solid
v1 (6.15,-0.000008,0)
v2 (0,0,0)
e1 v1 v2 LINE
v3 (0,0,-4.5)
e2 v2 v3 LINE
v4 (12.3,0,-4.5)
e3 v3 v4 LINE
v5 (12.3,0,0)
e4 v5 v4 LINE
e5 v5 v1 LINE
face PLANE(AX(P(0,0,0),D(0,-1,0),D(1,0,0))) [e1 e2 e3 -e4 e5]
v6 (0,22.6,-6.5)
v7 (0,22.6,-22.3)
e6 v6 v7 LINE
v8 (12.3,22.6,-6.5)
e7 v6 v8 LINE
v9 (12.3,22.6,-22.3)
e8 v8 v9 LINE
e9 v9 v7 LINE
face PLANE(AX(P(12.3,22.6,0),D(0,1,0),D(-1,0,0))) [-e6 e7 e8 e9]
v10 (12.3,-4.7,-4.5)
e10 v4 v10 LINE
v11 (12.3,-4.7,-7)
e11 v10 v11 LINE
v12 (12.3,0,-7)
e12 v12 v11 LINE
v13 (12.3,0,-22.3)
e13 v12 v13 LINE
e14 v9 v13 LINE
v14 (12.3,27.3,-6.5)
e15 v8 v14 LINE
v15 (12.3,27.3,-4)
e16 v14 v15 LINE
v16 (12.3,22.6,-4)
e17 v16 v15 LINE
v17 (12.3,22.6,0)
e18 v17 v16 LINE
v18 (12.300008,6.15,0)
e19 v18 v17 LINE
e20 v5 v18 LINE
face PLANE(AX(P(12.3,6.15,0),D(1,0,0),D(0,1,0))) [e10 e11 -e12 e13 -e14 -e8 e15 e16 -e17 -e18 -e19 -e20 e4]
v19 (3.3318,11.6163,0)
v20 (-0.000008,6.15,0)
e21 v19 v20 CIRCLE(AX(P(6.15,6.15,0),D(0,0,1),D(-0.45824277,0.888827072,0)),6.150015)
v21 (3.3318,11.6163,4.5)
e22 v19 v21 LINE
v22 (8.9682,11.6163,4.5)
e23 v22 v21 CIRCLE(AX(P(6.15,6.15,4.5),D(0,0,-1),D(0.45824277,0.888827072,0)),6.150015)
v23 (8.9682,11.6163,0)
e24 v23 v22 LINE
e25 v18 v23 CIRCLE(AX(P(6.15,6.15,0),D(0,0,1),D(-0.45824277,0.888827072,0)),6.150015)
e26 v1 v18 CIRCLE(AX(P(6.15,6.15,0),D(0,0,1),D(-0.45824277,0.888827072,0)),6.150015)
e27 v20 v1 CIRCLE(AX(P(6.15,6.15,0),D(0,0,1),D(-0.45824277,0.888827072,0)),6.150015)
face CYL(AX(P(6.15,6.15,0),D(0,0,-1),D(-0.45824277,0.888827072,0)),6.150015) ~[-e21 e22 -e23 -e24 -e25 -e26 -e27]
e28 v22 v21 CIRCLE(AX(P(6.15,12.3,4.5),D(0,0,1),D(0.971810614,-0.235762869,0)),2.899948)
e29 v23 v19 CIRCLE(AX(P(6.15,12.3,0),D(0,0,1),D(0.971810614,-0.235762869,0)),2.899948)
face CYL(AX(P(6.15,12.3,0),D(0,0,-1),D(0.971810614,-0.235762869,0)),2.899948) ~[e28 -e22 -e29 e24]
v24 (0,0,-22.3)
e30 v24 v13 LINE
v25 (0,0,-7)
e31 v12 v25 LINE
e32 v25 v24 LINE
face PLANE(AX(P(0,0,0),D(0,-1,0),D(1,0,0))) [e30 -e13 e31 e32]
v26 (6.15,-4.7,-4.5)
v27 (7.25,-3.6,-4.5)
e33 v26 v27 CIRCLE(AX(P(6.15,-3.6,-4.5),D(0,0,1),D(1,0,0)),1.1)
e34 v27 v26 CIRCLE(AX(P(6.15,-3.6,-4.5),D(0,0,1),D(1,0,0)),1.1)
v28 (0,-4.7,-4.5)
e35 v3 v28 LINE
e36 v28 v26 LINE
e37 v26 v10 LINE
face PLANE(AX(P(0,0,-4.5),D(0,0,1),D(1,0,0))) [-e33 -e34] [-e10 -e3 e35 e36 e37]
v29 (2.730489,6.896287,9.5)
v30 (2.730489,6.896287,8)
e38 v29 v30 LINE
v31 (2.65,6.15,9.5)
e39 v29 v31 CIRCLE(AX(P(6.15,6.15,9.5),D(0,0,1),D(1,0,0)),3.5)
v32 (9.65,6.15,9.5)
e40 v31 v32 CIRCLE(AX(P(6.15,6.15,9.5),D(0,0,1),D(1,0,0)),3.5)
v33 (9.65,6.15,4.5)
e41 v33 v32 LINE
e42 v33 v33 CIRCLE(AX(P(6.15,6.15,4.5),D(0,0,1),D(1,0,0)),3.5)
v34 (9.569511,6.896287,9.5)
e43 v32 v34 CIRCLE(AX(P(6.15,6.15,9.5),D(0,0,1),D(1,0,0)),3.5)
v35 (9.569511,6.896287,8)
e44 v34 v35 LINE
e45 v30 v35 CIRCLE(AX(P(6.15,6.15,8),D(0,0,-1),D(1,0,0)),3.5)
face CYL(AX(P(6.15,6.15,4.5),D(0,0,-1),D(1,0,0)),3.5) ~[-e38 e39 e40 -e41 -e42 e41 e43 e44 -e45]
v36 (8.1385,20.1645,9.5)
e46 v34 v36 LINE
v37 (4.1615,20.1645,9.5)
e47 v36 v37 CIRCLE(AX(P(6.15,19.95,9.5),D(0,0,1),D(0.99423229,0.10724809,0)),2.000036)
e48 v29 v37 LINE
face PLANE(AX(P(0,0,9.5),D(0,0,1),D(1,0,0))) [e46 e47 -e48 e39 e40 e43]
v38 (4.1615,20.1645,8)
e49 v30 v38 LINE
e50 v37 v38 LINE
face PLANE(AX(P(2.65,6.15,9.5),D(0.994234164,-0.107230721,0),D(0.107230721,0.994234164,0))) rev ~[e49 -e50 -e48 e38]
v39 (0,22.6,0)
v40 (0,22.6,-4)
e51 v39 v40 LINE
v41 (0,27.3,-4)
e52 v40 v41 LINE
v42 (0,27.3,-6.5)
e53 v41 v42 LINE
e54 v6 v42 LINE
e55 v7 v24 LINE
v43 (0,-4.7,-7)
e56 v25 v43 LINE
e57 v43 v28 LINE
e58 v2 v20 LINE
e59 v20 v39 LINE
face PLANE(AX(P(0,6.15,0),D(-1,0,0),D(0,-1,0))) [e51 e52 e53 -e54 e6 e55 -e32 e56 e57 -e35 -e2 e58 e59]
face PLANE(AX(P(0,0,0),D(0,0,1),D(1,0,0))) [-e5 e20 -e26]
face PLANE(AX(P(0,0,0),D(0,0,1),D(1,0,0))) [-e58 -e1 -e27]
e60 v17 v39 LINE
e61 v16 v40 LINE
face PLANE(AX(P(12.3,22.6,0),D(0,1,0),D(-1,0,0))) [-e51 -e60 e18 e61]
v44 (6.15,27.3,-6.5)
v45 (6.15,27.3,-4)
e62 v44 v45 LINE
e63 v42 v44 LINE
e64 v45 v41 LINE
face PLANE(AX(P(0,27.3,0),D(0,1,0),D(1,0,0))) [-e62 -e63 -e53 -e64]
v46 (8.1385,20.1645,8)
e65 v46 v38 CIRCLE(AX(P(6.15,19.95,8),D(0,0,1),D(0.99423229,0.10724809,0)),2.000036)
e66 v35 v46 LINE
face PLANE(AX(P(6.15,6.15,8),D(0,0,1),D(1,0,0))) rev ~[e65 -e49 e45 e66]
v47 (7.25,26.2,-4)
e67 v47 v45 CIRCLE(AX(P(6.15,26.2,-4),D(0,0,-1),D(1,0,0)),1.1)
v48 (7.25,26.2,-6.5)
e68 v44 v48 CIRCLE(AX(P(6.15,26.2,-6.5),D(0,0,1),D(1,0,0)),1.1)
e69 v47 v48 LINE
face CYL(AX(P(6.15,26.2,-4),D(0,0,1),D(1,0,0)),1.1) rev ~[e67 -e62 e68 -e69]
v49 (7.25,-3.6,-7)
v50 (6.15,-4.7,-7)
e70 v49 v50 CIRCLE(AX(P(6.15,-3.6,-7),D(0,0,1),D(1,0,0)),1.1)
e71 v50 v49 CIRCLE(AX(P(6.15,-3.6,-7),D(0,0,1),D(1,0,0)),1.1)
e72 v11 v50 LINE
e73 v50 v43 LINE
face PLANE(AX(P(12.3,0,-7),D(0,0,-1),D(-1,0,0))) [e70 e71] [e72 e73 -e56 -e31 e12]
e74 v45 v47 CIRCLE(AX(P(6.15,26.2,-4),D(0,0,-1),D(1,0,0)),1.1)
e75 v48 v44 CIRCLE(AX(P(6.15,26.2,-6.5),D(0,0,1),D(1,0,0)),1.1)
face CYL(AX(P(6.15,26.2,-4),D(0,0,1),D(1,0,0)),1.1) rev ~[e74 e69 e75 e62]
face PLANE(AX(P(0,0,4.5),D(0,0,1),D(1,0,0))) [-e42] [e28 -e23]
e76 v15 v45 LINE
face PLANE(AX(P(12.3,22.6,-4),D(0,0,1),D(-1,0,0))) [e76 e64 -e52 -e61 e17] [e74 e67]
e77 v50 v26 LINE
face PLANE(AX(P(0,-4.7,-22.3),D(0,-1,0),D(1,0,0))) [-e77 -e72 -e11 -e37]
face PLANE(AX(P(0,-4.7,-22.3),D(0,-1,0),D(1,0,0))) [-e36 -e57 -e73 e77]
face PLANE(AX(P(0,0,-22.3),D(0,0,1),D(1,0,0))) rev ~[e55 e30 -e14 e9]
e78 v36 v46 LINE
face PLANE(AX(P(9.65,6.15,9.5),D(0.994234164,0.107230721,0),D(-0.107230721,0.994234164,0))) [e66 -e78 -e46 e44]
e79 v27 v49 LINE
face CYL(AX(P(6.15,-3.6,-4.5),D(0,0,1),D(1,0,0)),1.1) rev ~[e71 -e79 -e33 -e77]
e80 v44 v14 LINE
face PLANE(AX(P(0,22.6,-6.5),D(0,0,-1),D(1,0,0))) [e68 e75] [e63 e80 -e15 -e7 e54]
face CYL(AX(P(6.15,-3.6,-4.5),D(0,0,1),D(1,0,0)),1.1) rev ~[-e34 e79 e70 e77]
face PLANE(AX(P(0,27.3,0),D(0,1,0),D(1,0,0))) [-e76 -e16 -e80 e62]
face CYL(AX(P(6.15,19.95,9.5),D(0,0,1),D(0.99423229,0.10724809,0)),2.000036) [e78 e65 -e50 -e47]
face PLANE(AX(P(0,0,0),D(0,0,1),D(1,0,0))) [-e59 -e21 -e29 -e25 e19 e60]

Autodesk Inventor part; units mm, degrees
ref_plane "YZ Plane" through (0, 0, 0) normal (1, 0, 0) x (0, 1, 0)
ref_plane "XZ Plane" through (0, 0, 0) normal (0, 1, 0) x (-1, 0, 0)
ref_plane "XY Plane" through (0, 0, 0) normal (0, 0, 1) x (1, 0, 0)
sketch "Sketch1" plane through (0, 0, 0) normal (0, 0, 1) x (1, 0, 0)
  line L0 (0, 0) -> (12.3, 0)
  line L1 (12.3, 0) -> (12.3, 22.6)
  line L2 (12.3, 22.6) -> (0, 22.6)
  line L3 (0, 22.6) -> (0, 0)
  line L4 (6.15, 22.6) -> (6.15, 0) construction
  arc A0 (3.3318, 11.6163) -> (8.9682, 11.6163) centre (6.15, 6.15) ccw
  arc A1 (8.9682, 11.6163) -> (3.3318, 11.6163) centre (6.15, 12.3) ccw
  dimension "d0" = 12.3
  dimension "d1" = 22.6
  dimension "d2" = 6.15
  dimension "d3" = 6.15
  dimension "d4" = 5.8
extrude "Extrusion1" add sketch "Sketch1" against normal blind 22.3
sketch "Sketch2" plane through (0, 0, 0) normal (0, 0, 1) x (1, 0, 0)
  line L0 (0, 0) -> (12.3, 0)
  line L1 (12.3, 0) -> (12.3, 22.6)
  line L2 (12.3, 22.6) -> (0, 22.6)
  line L3 (0, 22.6) -> (0, 0)
  line L4 (6.15, 22.6) -> (6.15, 0) construction
  arc A0 (3.3318, 11.6163) -> (8.9682, 11.6163) centre (6.15, 6.15) ccw
  arc A1 (8.9682, 11.6163) -> (3.3318, 11.6163) centre (6.15, 12.3) ccw
  dimension "d7" = 12.3
  dimension "d8" = 22.6
  dimension "d9" = 6.15
  dimension "d10" = 6.15
  dimension "d11" = 5.8
extrude "Extrusion2" add sketch "Sketch2" along normal blind 4.5 contours A0 A1
sketch "Sketch3" plane through (0, 22.6, 0) normal (0, 1, 0) x (1, 0, 0)
  line L0 (12.3, 0) -> (0, 0) construction
  line L1 (12.3, 0) -> (12.3, 22.3) construction
  line L2 (0, 0) -> (0, 22.3) construction
  line L3 (12.3, 4) -> (0, 4)
  line L4 (0, 4) -> (0, 6.5)
  line L5 (0, 6.5) -> (12.3, 6.5)
  line L6 (12.3, 6.5) -> (12.3, 4)
  dimension "d14" = 4
  dimension "d15" = 2.5
extrude "Extrusion3" add sketch "Sketch3" along normal blind 4.7
sketch "Sketch4" plane through (0, 0, -22.3) normal (0, -1, 0) x (1, 0, 0)
  line L0 (12.3, 15.3) -> (0, 15.3)
  line L1 (0, 15.3) -> (0, 17.8)
  line L2 (0, 17.8) -> (12.3, 17.8)
  line L3 (12.3, 17.8) -> (12.3, 15.3)
  line L4 (0, 22.3) -> (6.15, 22.3) construction
  line L5 (0, 22.3) -> (0, 0) construction
  line L6 (12.3, 0) -> (0, 0) construction
  line L7 (12.3, 22.3) -> (12.3, 0) construction
  line L8 (6.15, 22.3) -> (12.3, 22.3) construction
  dimension "d19" = 2.5
  dimension "d20" = 4.5
extrude "Extrusion4" add sketch "Sketch4" along normal blind 4.7
sketch "Sketch5" plane through (0, 22.6, -4) normal (0, 0, 1) x (1, 0, 0)
  line L0 (12.3, 0) -> (0, 0) construction
  line L1 (12.3, 0) -> (12.3, 4.7) construction
  line L2 (0, 4.7) -> (12.3, 4.7) construction
  line L3 (0, 0) -> (0, 4.7) construction
  line L4 (0, 4.7) -> (12.3, 4.7) projected
  line L5 (6.15, 4.7) -> (6.15, 0)
  circle A0 centre (6.15, 3.6) radius 1.1
  point P0 (0, -22.6)
  dimension "d23" = 1.1
extrude "Extrusion5" cut sketch "Sketch5" against normal blind 10
sketch "Sketch6" plane through (0, 0, -4.5) normal (0, 0, 1) x (1, 0, 0)
  line L0 (0, 0) -> (12.3, 0) construction
  line L1 (0, 0) -> (0, -4.7) construction
  line L2 (12.3, -4.7) -> (0, -4.7) construction
  line L3 (12.3, 0) -> (12.3, -4.7) construction
  line L4 (0, -4.7) -> (12.3, -4.7) construction
  line L5 (6.15, -4.7) -> (6.15, 0) construction
  line L6 (12.3, 0) -> (0, 0) construction
  circle A0 centre (6.15, -3.6) radius 1.1
  dimension "d26" = 1.1
extrude "Extrusion6" cut sketch "Sketch6" against normal blind 10
sketch "Sketch7" plane through (0, 0, 4.5) normal (0, 0, 1) x (1, 0, 0)
  arc A0 (3.3318, 11.6163) -> (8.9682, 11.6163) centre (6.15, 6.15) ccw projected
  arc A1 (8.9682, 11.6163) -> (3.3318, 11.6163) centre (6.15, 12.3) ccw projected
  circle A2 centre (6.15, 6.15) radius 3.5
  point P0 (0, 0)
  dimension "d29" = 7
extrude "Extrusion7" add sketch "Sketch7" along normal blind 5 contours A2
sketch "Sketch8" plane through (6.15, 6.15, 9.5) normal (0, 0, 1) x (1, 0, 0)
  circle A0 centre (0, 0) radius 3.5 construction
  line L0 (0, 0) -> (0, 13.1535)
  circle A1 centre (0, 0) radius 3.5 construction
  arc A2 (1.9885, 14.0145) -> (-1.9885, 14.0145) centre (0, 13.8) ccw
  line L1 (-3.5, 0) -> (-1.9885, 14.0145)
  line L2 (3.5, 0) -> (1.9885, 14.0145)
  line L3 (0, -12.2559) -> (0, 3.5)
  line L4 (0, 15.8) -> (0, 18.1002)
  line L5 (3.5, 0) -> (-3.5, 0)
  point P0 (-6.15, -6.15)
  point P1 (0, -3.5)
  dimension "d32" = 19.3
  dimension "d33" = 2
extrude "Extrusion8" add sketch "Sketch8" against normal blind 1.5
properties part number "Servo"
